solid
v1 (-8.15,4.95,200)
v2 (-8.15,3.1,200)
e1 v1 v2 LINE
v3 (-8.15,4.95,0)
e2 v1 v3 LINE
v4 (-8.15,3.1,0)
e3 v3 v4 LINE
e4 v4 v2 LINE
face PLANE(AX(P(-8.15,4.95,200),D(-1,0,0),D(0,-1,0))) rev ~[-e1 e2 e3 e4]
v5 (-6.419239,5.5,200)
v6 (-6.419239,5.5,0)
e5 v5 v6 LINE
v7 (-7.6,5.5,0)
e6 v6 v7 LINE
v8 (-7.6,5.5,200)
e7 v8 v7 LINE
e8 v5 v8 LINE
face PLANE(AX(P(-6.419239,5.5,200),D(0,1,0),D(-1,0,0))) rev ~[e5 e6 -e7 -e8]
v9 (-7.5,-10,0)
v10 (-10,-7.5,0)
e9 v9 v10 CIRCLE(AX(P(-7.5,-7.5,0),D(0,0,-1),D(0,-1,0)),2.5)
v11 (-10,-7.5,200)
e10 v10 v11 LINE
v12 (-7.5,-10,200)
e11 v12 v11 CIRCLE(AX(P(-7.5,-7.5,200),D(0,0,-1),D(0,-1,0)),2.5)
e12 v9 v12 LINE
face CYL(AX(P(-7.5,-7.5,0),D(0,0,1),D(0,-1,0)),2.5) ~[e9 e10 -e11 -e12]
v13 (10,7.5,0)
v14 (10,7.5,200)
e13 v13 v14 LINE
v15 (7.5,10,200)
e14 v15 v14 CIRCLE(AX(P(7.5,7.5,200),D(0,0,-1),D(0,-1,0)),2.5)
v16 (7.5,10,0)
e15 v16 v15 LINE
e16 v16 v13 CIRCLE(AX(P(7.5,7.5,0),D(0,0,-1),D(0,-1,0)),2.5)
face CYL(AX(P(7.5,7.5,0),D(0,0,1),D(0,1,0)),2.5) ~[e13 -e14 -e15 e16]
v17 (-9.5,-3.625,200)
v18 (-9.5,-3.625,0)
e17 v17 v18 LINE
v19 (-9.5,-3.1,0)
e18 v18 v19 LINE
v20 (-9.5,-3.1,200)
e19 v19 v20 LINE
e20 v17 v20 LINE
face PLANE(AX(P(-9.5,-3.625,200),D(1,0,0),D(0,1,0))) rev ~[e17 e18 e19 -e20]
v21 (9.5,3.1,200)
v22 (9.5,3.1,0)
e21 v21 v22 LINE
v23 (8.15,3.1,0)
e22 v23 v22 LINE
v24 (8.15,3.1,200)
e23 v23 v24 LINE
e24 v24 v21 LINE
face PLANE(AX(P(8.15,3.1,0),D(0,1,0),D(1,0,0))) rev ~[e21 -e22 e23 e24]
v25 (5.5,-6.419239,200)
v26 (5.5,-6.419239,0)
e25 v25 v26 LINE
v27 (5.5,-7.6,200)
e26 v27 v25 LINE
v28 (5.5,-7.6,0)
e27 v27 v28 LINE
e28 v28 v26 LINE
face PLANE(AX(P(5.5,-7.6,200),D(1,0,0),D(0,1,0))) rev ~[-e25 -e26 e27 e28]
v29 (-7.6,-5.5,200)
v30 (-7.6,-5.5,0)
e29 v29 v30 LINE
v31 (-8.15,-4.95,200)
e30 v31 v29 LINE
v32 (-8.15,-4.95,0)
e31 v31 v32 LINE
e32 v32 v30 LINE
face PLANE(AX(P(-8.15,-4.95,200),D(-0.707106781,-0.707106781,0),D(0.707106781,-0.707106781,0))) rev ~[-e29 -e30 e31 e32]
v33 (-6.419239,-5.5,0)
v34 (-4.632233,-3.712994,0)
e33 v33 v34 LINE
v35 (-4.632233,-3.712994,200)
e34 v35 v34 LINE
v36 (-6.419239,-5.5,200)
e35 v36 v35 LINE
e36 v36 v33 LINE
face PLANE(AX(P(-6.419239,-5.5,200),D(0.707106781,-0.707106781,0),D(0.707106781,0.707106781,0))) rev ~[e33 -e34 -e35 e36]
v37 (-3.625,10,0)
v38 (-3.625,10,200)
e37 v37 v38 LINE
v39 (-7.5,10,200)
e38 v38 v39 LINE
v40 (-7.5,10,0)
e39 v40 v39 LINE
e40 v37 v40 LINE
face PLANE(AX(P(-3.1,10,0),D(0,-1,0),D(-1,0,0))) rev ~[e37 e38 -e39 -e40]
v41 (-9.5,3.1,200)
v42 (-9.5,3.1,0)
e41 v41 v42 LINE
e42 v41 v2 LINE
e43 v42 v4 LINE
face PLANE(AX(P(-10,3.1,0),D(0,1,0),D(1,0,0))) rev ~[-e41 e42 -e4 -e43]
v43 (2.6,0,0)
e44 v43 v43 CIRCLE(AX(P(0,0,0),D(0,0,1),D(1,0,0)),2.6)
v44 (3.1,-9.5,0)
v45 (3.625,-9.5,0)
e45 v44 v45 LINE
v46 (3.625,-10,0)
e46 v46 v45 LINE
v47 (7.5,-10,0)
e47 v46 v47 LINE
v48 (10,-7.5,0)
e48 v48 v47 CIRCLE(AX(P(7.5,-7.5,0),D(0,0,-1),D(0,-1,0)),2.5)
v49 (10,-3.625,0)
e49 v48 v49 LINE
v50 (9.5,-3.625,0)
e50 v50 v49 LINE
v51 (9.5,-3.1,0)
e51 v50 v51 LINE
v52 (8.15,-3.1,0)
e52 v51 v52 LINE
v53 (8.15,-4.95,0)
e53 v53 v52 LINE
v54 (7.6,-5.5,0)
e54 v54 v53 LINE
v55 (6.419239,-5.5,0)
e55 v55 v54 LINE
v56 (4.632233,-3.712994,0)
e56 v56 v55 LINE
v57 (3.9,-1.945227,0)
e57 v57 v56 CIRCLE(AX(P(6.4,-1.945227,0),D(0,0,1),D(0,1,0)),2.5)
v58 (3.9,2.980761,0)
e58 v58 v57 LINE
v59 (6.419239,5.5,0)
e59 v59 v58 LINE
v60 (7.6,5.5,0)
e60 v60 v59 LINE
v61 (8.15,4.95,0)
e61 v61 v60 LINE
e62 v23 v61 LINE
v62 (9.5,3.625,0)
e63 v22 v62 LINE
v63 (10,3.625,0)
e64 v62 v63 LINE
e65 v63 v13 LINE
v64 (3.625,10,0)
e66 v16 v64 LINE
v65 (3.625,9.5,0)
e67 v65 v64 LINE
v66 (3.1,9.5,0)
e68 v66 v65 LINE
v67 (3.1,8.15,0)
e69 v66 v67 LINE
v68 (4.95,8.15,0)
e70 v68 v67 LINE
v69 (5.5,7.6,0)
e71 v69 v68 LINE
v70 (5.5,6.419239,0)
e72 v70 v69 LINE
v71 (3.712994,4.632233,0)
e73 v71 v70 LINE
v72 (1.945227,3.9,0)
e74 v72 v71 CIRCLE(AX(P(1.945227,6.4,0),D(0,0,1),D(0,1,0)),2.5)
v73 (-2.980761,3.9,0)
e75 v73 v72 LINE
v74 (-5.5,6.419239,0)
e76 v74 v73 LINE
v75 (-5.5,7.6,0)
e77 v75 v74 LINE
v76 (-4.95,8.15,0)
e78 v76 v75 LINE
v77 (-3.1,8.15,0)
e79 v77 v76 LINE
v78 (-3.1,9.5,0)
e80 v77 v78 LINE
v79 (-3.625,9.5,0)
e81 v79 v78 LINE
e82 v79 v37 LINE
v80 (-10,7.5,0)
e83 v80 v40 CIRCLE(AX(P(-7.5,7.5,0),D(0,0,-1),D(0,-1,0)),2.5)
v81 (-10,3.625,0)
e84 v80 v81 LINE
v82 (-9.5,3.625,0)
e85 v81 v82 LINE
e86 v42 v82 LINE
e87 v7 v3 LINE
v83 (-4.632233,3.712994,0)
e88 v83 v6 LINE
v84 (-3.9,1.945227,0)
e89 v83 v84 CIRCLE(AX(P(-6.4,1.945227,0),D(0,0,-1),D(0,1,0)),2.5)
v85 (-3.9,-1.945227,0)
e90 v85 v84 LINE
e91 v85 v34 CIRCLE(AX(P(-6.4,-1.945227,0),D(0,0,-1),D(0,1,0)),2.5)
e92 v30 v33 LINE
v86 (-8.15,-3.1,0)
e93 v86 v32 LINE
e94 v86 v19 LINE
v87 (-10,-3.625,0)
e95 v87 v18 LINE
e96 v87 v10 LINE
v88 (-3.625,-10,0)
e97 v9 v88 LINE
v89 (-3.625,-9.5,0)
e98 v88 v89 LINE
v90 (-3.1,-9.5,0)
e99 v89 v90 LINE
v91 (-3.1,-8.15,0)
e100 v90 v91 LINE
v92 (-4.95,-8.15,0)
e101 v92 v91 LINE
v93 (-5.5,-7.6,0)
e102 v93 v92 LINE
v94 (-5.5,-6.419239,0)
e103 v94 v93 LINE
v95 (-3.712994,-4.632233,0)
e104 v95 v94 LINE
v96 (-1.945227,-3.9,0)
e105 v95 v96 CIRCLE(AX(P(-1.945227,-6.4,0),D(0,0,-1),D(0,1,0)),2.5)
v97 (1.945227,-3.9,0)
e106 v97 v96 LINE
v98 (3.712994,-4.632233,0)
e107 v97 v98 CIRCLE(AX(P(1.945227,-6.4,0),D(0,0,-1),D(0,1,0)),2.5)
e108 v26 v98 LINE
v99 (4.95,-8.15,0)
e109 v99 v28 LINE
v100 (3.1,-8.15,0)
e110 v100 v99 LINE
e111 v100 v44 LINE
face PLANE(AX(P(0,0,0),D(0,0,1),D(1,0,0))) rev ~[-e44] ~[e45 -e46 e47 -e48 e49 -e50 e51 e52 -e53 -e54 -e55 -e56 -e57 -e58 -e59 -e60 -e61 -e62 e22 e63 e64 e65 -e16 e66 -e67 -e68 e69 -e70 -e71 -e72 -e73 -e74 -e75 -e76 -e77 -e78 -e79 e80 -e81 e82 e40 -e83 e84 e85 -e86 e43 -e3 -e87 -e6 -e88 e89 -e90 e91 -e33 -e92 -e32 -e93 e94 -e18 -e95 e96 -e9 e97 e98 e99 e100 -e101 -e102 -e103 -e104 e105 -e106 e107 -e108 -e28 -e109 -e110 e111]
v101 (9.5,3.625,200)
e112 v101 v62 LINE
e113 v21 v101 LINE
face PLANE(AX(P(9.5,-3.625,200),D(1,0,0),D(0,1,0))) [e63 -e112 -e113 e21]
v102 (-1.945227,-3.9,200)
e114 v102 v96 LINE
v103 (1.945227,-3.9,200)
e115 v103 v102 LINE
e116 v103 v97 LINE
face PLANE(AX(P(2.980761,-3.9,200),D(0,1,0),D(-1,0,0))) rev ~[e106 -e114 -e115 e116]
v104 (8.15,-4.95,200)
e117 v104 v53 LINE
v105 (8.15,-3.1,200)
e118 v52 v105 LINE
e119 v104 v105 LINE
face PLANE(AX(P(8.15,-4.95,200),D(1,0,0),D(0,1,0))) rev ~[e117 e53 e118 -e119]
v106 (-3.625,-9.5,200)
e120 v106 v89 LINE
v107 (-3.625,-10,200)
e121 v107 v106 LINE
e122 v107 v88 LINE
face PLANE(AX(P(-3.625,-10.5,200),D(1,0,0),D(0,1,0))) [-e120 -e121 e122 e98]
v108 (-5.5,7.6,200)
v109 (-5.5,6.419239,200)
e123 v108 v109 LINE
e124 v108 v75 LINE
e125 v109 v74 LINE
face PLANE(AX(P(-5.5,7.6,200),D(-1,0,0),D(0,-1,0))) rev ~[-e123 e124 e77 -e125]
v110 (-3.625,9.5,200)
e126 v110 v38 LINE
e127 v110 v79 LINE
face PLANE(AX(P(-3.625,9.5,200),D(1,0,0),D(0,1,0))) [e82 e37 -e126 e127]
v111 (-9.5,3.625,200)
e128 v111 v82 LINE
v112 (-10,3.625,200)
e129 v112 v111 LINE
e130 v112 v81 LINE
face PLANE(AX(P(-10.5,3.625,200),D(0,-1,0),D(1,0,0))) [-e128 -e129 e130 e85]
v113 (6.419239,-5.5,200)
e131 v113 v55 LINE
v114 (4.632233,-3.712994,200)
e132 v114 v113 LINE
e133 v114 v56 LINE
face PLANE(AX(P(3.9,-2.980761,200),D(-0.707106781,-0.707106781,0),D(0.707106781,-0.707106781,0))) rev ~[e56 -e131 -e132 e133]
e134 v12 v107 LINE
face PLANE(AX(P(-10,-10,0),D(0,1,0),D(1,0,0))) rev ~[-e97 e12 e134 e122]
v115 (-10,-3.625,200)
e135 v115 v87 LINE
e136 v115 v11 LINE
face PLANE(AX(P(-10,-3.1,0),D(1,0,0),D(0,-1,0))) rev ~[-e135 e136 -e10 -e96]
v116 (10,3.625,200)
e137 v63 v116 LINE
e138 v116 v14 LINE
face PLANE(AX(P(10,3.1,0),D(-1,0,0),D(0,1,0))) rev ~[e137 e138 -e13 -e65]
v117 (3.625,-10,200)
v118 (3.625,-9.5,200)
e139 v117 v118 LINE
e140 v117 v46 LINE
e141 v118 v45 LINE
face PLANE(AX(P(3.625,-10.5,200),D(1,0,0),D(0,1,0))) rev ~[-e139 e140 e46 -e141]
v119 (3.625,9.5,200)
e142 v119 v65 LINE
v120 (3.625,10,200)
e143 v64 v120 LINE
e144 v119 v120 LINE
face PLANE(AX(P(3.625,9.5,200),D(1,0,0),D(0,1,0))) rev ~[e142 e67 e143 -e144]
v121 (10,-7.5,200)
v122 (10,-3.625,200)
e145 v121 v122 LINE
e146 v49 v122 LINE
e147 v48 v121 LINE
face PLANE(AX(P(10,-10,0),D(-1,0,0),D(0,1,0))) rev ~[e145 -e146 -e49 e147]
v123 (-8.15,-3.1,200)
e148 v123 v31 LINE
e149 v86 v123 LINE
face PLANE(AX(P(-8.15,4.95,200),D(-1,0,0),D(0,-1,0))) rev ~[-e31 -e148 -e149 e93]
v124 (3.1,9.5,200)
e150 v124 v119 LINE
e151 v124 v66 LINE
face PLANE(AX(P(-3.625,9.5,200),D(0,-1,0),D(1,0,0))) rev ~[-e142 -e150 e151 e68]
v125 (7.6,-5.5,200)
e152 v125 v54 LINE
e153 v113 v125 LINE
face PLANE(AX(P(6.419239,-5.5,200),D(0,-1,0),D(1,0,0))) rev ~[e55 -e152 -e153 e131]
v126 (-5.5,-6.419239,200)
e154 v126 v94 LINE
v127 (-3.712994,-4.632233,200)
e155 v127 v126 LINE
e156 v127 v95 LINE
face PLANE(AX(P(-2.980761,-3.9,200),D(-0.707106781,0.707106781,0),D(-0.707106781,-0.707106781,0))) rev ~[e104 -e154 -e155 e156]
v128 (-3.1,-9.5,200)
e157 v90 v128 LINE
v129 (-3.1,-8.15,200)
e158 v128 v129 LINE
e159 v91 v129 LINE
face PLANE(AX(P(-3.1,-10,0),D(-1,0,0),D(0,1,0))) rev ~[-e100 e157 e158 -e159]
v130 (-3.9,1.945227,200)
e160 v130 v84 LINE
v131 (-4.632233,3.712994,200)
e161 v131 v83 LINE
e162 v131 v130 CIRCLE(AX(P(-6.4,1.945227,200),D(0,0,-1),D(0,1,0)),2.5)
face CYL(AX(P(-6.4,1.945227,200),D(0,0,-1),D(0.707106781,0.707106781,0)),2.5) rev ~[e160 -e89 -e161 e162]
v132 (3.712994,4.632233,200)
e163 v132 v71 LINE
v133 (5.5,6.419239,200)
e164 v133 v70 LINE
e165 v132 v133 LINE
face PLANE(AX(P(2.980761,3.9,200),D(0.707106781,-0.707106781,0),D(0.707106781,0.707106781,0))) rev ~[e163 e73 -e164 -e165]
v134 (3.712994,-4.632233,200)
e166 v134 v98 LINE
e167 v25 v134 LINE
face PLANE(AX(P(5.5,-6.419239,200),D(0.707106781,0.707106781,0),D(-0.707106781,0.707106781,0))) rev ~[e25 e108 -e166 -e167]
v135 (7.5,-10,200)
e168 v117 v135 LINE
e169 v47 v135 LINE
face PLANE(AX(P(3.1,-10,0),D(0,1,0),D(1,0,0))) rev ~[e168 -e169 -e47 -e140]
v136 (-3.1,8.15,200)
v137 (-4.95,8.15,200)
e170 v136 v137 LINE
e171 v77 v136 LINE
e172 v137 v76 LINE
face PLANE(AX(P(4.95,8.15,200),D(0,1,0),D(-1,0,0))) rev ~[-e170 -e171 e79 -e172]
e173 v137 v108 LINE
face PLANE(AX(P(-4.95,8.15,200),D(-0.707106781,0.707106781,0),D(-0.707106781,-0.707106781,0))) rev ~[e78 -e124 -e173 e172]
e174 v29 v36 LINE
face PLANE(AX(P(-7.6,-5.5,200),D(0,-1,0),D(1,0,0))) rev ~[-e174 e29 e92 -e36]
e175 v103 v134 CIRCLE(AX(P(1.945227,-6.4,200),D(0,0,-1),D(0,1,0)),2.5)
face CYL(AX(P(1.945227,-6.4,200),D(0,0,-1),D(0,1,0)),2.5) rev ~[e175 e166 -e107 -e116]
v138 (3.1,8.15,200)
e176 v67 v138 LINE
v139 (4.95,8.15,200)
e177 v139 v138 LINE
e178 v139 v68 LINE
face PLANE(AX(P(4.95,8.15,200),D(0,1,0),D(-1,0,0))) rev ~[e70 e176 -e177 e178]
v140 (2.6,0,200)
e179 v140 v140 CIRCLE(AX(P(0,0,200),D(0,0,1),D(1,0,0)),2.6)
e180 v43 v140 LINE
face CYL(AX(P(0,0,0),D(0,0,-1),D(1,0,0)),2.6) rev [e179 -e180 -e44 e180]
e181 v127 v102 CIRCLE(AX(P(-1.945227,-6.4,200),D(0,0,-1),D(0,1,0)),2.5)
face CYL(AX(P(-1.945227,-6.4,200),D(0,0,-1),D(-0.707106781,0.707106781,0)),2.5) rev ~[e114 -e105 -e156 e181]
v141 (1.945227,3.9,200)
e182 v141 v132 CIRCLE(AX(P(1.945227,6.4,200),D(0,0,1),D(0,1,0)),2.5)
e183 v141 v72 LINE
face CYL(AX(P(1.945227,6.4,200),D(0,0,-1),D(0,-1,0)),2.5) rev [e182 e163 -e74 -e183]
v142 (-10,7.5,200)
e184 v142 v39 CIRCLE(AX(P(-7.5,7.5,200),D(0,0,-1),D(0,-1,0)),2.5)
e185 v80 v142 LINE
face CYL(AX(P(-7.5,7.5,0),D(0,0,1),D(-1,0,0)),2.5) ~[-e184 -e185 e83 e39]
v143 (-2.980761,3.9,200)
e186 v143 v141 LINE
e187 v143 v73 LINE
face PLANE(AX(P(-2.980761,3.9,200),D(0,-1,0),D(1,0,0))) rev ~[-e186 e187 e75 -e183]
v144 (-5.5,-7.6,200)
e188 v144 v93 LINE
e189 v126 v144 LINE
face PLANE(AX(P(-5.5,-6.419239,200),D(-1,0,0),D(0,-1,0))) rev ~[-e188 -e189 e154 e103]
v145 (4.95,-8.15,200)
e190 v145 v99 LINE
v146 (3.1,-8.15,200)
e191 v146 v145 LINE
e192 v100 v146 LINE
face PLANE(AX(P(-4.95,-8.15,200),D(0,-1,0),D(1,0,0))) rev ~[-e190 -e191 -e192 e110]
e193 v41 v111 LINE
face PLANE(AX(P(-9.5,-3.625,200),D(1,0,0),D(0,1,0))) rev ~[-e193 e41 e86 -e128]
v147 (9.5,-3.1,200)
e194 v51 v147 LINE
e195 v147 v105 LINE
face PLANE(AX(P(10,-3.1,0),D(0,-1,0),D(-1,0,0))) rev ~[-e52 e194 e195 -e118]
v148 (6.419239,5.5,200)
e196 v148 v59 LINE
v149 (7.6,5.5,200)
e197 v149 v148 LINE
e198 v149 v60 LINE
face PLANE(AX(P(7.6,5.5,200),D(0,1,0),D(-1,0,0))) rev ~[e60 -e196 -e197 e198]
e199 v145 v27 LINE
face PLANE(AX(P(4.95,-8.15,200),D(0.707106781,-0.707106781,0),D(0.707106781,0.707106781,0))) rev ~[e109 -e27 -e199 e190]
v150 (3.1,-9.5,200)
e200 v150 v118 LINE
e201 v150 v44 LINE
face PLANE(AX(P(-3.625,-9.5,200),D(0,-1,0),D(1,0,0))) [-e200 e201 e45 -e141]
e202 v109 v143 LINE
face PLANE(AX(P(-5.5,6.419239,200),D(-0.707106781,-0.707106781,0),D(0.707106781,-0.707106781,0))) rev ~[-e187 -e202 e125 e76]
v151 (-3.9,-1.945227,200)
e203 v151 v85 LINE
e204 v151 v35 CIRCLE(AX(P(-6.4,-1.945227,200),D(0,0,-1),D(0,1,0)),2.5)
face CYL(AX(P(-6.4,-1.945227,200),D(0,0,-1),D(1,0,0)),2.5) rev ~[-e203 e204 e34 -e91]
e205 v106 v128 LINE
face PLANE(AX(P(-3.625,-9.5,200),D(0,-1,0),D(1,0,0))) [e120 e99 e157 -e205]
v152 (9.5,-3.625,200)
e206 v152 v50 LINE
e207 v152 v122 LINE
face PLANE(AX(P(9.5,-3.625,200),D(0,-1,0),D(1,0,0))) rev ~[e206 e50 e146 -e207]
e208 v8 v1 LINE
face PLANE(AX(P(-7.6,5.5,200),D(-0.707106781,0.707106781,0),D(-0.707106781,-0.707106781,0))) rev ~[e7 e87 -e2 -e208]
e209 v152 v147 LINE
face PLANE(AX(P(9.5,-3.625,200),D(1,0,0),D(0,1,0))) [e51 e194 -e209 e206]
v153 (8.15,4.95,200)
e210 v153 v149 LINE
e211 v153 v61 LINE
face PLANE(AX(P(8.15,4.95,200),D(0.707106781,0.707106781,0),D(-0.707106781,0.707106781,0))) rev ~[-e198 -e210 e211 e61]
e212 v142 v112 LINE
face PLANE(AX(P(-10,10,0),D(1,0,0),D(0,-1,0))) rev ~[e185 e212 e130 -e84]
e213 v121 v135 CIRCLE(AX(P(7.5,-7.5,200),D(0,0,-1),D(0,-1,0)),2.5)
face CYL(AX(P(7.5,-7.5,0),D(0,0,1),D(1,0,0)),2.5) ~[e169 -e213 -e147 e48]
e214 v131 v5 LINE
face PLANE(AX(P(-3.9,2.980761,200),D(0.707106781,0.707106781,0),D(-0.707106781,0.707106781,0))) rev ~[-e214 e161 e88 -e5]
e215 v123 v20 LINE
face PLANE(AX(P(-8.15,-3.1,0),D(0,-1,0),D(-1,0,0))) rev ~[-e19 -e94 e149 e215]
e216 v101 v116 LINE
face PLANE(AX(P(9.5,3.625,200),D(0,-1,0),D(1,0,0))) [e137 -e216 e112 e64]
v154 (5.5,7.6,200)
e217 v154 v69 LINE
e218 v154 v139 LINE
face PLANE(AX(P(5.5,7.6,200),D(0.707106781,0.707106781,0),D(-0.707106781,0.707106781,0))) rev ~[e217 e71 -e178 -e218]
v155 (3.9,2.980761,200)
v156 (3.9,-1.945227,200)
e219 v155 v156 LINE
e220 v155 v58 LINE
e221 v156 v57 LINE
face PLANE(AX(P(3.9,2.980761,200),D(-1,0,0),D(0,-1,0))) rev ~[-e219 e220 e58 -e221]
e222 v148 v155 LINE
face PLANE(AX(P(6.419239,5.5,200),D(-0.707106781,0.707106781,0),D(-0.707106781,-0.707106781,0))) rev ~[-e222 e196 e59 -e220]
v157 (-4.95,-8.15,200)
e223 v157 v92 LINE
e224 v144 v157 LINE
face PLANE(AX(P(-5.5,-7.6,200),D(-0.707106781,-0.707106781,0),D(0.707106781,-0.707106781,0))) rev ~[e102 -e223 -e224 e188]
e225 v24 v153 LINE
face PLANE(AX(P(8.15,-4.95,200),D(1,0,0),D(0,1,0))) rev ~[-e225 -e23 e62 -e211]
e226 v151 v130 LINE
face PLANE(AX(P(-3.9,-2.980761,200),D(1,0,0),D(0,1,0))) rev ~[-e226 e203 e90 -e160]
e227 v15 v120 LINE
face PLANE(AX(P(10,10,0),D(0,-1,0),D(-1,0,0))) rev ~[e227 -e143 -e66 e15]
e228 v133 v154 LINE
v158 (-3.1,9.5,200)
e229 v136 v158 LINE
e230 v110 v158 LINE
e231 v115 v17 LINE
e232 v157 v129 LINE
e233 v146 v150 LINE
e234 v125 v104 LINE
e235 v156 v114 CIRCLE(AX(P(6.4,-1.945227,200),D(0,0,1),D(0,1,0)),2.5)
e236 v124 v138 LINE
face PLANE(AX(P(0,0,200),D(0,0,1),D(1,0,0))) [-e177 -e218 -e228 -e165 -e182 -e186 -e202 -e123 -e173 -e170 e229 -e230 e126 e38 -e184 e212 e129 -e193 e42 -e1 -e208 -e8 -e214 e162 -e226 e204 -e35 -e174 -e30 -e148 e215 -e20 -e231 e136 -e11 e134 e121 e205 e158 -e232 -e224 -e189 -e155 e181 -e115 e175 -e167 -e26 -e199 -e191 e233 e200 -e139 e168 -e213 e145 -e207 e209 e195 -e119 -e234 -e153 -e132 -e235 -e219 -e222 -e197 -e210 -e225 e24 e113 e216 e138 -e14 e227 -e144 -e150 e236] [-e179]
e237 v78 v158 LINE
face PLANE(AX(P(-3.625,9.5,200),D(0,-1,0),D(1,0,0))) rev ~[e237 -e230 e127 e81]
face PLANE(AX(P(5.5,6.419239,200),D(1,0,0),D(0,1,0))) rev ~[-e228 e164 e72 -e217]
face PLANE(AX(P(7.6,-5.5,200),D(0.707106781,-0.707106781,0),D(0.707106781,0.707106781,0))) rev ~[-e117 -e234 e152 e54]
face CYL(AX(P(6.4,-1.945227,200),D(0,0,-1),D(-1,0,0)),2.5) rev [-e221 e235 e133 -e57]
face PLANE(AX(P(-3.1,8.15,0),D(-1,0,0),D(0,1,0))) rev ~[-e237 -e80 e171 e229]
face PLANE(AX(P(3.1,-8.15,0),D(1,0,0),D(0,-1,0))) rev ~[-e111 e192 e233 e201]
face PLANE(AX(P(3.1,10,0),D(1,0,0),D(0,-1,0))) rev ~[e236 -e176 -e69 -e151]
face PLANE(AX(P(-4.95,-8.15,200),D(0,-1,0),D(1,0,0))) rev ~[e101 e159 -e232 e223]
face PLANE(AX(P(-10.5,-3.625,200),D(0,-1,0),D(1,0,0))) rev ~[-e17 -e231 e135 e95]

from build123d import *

# Parameters (mm, degrees)
SKETCH1_W           = 16.3
SKETCH1_H           = 16.3
SKETCH1_W_2         = 11
SKETCH1_H_2         = 11
SKETCH1_R           = 2.6
BOSS_EXTRUDE1_DEPTH = 200
CUT_EXTRUDE2_DEPTH  = 201.499376558
FILLET1_R           = 2.5
FILLET2_R           = 2.5
SKETCH3_W           = 1
SKETCH3_H           = 7.25
SKETCH3_W_2         = 7.25
SKETCH3_H_2         = 1
CUT_EXTRUDE3_DEPTH  = 201.499376558


with BuildPart() as part:
    # Sketch1 → Boss-Extrude1 (new body)
    # profile 1 of 6: a face of its own
    with BuildSketch(Plane.XY):
        Polygon((-3.1, 8.15), (-3.1, 10), (-10, 10), (-10, 3.1), (-8.15, 3.1), (-8.15, 8.15), align=None)
    # profile 2 of 6: a face of its own
    with BuildSketch(Plane.XY):
        Polygon((10, 10), (3.1, 10), (3.1, 8.15), (8.15, 8.15), (8.15, 3.1), (10, 3.1), align=None)
    # profile 3 of 6: a face of its own
    with BuildSketch(Plane.XY):
        Rectangle(SKETCH1_W, SKETCH1_H)
        Rectangle(SKETCH1_W_2, SKETCH1_H_2, mode=Mode.SUBTRACT)
    # profile 4 of 6: a face of its own
    with BuildSketch(Plane.XY):
        Polygon((10, -10), (10, -3.1), (8.15, -3.1), (8.15, -8.15), (3.1, -8.15), (3.1, -10), align=None)
    # profile 5 of 6: a face of its own
    with BuildSketch(Plane.XY):
        Polygon((-8.15, -3.1), (-10, -3.1), (-10, -10), (-3.1, -10), (-3.1, -8.15), (-8.15, -8.15), align=None)
    # profile 6 of 6: a face of its own
    with BuildSketch(Plane.XY):
        Rectangle(SKETCH1_W_2, SKETCH1_H_2)
        Circle(SKETCH1_R, mode=Mode.SUBTRACT)
    extrude(amount=BOSS_EXTRUDE1_DEPTH)

    # Sketch2 → Cut-Extrude2 (cut, through all)
    with BuildSketch(Plane.XY.offset(200)):
        Polygon((-5.5, -4.580761184), (-5.5, 4.580761184), (-6.419238816, 5.5), (-7.6, 5.5), (-8.15, 4.95), (-8.15, 3.1), (-8.15, -3.1), (-8.15, -4.95), (-7.6, -5.5), (-6.419238816, -5.5), align=None)
        Polygon((-3.9, -2.980761184), (-3.9, 2.980761184), (-5.5, 4.580761184), (-5.5, -4.580761184), align=None)
        Polygon((-5.5, 6.419238816), (-4.580761184, 5.5), (4.580761184, 5.5), (5.5, 6.419238816), (5.5, 7.6), (4.95, 8.15), (3.1, 8.15), (-3.1, 8.15), (-4.95, 8.15), (-5.5, 7.6), align=None)
        Polygon((-4.580761184, 5.5), (-2.980761184, 3.9), (2.980761184, 3.9), (4.580761184, 5.5), align=None)
        Polygon((6.419238816, 5.5), (5.5, 4.580761184), (5.5, -4.580761184), (6.419238816, -5.5), (7.6, -5.5), (8.15, -4.95), (8.15, -3.1), (8.15, 3.1), (8.15, 4.95), (7.6, 5.5), align=None)
        Polygon((5.5, 4.580761184), (3.9, 2.980761184), (3.9, -2.980761184), (5.5, -4.580761184), align=None)
        Polygon((4.580761184, -5.5), (-4.580761184, -5.5), (-5.5, -6.419238816), (-5.5, -7.6), (-4.95, -8.15), (-3.1, -8.15), (3.1, -8.15), (4.95, -8.15), (5.5, -7.6), (5.5, -6.419238816), align=None)
        Polygon((2.980761184, -3.9), (-2.980761184, -3.9), (-4.580761184, -5.5), (4.580761184, -5.5), align=None)
    extrude(amount=-CUT_EXTRUDE2_DEPTH, mode=Mode.SUBTRACT)

    # Fillet1
    fillet1_edges = [part.edges().sort_by_distance(p)[0] for p in [
        (-10, -10, 100),
        (-10, 10, 100),
        (10, 10, 100),
        (10, -10, 100),
    ]]
    fillet(fillet1_edges, radius=FILLET1_R)

    # Fillet2
    fillet2_edges = [part.edges().sort_by_distance(p)[0] for p in [
        (2.980761184, 3.9, 100),
        (3.9, -2.980761184, 100),
        (-2.980761184, -3.9, 100),
        (2.980761184, -3.9, 100),
        (-3.9, 2.980761184, 100),
        (-3.9, -2.980761184, 100),
    ]]
    fillet(fillet2_edges, radius=FILLET2_R)

    # Sketch3 → Cut-Extrude3 (cut, through all)
    with BuildSketch(Plane.XY.offset(200)):
        with Locations((10, 0)):
            Rectangle(SKETCH3_W, SKETCH3_H)
        with Locations((0, 10)):
            Rectangle(SKETCH3_W_2, SKETCH3_H_2)
        with Locations((0, -10)):
            Rectangle(SKETCH3_W_2, SKETCH3_H_2)
        with Locations((-10, 0)):
            Rectangle(SKETCH3_W, SKETCH3_H)
    extrude(amount=-CUT_EXTRUDE3_DEPTH, mode=Mode.SUBTRACT)


solid = part.part
